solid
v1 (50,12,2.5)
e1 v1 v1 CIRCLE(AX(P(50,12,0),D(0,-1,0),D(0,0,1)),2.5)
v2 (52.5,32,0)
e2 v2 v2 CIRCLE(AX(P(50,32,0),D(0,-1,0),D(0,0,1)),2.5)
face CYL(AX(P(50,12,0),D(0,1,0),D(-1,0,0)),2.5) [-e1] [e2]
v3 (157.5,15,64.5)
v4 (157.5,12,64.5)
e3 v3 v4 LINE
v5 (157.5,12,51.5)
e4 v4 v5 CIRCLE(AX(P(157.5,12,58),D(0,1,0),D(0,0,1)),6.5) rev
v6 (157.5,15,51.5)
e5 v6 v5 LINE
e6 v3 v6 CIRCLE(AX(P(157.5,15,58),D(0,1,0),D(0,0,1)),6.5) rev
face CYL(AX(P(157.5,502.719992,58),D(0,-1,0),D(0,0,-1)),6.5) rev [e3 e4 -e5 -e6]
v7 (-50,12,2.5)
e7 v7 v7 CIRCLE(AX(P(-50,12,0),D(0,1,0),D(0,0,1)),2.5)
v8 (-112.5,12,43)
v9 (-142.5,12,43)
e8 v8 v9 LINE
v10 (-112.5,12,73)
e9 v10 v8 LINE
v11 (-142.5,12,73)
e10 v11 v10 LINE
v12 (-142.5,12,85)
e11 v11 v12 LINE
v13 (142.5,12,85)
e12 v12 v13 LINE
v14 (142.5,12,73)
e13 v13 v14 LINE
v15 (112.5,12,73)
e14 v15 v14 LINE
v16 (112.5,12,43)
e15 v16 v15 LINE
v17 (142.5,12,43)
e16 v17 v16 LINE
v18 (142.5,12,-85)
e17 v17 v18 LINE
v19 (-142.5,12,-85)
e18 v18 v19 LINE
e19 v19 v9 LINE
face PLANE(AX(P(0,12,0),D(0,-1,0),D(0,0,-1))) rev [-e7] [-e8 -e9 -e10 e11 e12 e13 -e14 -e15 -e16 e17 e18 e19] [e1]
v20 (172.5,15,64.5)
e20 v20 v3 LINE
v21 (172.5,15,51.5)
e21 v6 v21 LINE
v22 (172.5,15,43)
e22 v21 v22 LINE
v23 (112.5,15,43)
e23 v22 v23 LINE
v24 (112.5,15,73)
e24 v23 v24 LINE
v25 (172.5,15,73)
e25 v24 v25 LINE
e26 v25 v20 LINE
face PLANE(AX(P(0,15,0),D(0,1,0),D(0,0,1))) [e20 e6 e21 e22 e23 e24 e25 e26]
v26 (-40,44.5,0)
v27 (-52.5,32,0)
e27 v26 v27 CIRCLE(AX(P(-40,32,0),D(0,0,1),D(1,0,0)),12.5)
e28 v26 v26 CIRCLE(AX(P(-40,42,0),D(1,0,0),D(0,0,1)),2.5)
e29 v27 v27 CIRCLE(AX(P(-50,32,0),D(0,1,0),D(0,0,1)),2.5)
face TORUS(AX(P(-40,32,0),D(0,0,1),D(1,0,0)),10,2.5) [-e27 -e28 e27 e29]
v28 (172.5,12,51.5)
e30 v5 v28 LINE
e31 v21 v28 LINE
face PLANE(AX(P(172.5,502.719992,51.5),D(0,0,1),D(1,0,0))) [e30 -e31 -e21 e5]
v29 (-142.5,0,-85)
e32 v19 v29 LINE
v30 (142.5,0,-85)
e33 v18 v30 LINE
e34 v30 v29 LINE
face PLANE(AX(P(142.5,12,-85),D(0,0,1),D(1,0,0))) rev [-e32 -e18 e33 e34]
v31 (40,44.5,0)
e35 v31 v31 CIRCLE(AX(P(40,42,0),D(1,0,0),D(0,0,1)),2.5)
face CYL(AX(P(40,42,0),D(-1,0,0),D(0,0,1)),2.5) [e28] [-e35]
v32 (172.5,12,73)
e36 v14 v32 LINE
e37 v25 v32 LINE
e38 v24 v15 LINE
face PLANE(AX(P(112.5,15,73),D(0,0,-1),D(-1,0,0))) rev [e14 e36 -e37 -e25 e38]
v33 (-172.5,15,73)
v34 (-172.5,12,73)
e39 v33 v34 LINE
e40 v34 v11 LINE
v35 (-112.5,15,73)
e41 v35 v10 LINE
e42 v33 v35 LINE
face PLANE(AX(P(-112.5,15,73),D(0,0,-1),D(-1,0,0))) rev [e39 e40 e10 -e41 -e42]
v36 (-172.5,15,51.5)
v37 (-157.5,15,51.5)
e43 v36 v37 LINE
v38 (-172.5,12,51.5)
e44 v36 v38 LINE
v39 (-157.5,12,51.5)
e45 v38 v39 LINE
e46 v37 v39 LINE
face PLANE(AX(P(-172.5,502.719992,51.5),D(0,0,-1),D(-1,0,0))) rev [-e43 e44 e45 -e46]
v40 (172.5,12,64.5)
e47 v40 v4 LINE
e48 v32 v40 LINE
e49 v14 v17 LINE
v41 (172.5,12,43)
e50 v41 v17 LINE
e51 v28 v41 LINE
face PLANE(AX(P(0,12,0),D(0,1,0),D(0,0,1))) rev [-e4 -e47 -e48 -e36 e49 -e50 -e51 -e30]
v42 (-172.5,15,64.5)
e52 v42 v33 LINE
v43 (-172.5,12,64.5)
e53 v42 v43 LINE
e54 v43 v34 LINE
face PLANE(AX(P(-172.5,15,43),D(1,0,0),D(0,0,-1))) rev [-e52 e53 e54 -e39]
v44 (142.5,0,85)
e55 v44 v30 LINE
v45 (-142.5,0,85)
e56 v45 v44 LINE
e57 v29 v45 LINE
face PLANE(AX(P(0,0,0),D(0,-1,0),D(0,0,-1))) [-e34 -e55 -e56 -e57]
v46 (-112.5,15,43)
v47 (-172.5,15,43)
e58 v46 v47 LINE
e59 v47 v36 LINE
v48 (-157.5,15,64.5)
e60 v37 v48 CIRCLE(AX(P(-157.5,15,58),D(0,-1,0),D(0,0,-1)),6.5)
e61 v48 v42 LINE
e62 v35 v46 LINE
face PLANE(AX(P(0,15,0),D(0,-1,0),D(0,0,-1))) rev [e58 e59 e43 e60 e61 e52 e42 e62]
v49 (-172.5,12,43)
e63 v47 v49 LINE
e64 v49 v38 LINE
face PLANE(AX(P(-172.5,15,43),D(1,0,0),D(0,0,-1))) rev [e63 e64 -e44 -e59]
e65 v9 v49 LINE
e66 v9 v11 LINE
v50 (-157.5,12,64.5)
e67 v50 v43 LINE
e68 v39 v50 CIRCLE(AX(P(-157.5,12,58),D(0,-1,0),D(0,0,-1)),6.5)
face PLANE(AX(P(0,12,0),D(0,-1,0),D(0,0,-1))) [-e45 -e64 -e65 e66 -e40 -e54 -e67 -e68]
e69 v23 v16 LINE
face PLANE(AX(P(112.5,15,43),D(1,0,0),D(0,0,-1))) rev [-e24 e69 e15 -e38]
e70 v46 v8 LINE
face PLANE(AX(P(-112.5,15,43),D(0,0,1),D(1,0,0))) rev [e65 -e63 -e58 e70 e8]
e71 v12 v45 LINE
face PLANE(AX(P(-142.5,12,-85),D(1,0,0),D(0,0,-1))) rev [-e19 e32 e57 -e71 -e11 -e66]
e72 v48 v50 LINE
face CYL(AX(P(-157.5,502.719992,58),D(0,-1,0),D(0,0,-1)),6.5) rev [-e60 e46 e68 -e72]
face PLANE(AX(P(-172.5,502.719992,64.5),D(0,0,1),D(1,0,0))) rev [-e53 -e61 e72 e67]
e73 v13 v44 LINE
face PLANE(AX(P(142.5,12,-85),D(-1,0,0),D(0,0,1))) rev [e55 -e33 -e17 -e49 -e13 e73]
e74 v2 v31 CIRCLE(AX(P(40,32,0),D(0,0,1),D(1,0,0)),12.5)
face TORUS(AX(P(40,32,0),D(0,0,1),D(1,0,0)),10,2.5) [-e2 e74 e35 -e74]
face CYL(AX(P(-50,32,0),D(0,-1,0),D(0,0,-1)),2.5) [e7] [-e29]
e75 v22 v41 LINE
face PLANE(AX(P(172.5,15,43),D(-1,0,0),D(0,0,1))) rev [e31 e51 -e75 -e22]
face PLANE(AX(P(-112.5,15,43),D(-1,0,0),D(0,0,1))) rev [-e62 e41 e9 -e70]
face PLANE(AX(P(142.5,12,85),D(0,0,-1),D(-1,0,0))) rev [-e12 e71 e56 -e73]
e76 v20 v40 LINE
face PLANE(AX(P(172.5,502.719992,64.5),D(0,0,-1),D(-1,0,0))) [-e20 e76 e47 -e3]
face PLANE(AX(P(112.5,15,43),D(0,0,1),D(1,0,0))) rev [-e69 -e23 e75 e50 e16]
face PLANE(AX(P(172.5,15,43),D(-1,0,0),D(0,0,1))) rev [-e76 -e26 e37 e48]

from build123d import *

# Parameters (mm, degrees)
SKETCH1_W           = 285
SKETCH1_H           = 170
BOSS_EXTRUDE1_DEPTH = 12
SKETCH2_R           = 2.5
SKETCH4_W           = 60
SKETCH4_H           = 30
BOSS_EXTRUDE2_DEPTH = 3
CUT_EXTRUDE1_DEPTH  = 195.554619595


with BuildPart() as part:
    # Sketch1 → Boss-Extrude1 (new body)
    with BuildSketch(Plane(origin=(0, 0, 0), x_dir=(1, 0, 0), z_dir=(0, 1, 0))):
        Rectangle(SKETCH1_W, SKETCH1_H)
    extrude(amount=BOSS_EXTRUDE1_DEPTH)

    # Sweep1: sweep along a path in Sketch3
    with BuildLine(Plane.XY) as sweep1_path:
        Line((-50, 12), (-50, 32))
        ThreePointArc((-50, 32), (-47.071067812, 39.071067812), (-40, 42))
        Line((-40, 42), (40, 42))
        ThreePointArc((40, 42), (47.071067812, 39.071067812), (50, 32))
        Line((50, 32), (50, 12))
    # Sketch2 → Sweep1 (sweep)
    with BuildSketch(Plane(origin=(0, 12, 0), x_dir=(1, 0, 0), z_dir=(0, 1, 0))):
        with Locations((-50, 0)):
            Circle(SKETCH2_R)
    sweep(path=sweep1_path.line)

    # Sketch4 → Boss-Extrude2 (add)
    with BuildSketch(Plane(origin=(0, 12, 0), x_dir=(1, 0, 0), z_dir=(0, 1, 0))):
        with Locations((142.5, -58)):
            Rectangle(SKETCH4_W, SKETCH4_H)
        with Locations((-142.5, -58)):
            Rectangle(SKETCH4_W, SKETCH4_H)
    extrude(amount=BOSS_EXTRUDE2_DEPTH)

    # Sketch5 → Cut-Extrude1 (cut, symmetric)
    with BuildSketch(Plane(origin=(0, 15, 0), x_dir=(1, 0, 0), z_dir=(0, 1, 0))):
        with BuildLine():
            Line((157.5, -64.5), (172.5, -64.5))
            Line((172.5, -64.5), (172.5, -51.5))
            Line((172.5, -51.5), (157.5, -51.5))
            ThreePointArc((157.5, -51.5), (151, -58), (157.5, -64.5))
        make_face()
    cut_extrude1 = extrude(amount=CUT_EXTRUDE1_DEPTH, both=True, mode=Mode.SUBTRACT)

    # Mirror1: Cut-Extrude1 across plane
    add(cut_extrude1.mirror(Plane(origin=(0, 0, 0), x_dir=(0, 0, 1), z_dir=(1, 0, 0))), mode=Mode.SUBTRACT)


solid = part.part
